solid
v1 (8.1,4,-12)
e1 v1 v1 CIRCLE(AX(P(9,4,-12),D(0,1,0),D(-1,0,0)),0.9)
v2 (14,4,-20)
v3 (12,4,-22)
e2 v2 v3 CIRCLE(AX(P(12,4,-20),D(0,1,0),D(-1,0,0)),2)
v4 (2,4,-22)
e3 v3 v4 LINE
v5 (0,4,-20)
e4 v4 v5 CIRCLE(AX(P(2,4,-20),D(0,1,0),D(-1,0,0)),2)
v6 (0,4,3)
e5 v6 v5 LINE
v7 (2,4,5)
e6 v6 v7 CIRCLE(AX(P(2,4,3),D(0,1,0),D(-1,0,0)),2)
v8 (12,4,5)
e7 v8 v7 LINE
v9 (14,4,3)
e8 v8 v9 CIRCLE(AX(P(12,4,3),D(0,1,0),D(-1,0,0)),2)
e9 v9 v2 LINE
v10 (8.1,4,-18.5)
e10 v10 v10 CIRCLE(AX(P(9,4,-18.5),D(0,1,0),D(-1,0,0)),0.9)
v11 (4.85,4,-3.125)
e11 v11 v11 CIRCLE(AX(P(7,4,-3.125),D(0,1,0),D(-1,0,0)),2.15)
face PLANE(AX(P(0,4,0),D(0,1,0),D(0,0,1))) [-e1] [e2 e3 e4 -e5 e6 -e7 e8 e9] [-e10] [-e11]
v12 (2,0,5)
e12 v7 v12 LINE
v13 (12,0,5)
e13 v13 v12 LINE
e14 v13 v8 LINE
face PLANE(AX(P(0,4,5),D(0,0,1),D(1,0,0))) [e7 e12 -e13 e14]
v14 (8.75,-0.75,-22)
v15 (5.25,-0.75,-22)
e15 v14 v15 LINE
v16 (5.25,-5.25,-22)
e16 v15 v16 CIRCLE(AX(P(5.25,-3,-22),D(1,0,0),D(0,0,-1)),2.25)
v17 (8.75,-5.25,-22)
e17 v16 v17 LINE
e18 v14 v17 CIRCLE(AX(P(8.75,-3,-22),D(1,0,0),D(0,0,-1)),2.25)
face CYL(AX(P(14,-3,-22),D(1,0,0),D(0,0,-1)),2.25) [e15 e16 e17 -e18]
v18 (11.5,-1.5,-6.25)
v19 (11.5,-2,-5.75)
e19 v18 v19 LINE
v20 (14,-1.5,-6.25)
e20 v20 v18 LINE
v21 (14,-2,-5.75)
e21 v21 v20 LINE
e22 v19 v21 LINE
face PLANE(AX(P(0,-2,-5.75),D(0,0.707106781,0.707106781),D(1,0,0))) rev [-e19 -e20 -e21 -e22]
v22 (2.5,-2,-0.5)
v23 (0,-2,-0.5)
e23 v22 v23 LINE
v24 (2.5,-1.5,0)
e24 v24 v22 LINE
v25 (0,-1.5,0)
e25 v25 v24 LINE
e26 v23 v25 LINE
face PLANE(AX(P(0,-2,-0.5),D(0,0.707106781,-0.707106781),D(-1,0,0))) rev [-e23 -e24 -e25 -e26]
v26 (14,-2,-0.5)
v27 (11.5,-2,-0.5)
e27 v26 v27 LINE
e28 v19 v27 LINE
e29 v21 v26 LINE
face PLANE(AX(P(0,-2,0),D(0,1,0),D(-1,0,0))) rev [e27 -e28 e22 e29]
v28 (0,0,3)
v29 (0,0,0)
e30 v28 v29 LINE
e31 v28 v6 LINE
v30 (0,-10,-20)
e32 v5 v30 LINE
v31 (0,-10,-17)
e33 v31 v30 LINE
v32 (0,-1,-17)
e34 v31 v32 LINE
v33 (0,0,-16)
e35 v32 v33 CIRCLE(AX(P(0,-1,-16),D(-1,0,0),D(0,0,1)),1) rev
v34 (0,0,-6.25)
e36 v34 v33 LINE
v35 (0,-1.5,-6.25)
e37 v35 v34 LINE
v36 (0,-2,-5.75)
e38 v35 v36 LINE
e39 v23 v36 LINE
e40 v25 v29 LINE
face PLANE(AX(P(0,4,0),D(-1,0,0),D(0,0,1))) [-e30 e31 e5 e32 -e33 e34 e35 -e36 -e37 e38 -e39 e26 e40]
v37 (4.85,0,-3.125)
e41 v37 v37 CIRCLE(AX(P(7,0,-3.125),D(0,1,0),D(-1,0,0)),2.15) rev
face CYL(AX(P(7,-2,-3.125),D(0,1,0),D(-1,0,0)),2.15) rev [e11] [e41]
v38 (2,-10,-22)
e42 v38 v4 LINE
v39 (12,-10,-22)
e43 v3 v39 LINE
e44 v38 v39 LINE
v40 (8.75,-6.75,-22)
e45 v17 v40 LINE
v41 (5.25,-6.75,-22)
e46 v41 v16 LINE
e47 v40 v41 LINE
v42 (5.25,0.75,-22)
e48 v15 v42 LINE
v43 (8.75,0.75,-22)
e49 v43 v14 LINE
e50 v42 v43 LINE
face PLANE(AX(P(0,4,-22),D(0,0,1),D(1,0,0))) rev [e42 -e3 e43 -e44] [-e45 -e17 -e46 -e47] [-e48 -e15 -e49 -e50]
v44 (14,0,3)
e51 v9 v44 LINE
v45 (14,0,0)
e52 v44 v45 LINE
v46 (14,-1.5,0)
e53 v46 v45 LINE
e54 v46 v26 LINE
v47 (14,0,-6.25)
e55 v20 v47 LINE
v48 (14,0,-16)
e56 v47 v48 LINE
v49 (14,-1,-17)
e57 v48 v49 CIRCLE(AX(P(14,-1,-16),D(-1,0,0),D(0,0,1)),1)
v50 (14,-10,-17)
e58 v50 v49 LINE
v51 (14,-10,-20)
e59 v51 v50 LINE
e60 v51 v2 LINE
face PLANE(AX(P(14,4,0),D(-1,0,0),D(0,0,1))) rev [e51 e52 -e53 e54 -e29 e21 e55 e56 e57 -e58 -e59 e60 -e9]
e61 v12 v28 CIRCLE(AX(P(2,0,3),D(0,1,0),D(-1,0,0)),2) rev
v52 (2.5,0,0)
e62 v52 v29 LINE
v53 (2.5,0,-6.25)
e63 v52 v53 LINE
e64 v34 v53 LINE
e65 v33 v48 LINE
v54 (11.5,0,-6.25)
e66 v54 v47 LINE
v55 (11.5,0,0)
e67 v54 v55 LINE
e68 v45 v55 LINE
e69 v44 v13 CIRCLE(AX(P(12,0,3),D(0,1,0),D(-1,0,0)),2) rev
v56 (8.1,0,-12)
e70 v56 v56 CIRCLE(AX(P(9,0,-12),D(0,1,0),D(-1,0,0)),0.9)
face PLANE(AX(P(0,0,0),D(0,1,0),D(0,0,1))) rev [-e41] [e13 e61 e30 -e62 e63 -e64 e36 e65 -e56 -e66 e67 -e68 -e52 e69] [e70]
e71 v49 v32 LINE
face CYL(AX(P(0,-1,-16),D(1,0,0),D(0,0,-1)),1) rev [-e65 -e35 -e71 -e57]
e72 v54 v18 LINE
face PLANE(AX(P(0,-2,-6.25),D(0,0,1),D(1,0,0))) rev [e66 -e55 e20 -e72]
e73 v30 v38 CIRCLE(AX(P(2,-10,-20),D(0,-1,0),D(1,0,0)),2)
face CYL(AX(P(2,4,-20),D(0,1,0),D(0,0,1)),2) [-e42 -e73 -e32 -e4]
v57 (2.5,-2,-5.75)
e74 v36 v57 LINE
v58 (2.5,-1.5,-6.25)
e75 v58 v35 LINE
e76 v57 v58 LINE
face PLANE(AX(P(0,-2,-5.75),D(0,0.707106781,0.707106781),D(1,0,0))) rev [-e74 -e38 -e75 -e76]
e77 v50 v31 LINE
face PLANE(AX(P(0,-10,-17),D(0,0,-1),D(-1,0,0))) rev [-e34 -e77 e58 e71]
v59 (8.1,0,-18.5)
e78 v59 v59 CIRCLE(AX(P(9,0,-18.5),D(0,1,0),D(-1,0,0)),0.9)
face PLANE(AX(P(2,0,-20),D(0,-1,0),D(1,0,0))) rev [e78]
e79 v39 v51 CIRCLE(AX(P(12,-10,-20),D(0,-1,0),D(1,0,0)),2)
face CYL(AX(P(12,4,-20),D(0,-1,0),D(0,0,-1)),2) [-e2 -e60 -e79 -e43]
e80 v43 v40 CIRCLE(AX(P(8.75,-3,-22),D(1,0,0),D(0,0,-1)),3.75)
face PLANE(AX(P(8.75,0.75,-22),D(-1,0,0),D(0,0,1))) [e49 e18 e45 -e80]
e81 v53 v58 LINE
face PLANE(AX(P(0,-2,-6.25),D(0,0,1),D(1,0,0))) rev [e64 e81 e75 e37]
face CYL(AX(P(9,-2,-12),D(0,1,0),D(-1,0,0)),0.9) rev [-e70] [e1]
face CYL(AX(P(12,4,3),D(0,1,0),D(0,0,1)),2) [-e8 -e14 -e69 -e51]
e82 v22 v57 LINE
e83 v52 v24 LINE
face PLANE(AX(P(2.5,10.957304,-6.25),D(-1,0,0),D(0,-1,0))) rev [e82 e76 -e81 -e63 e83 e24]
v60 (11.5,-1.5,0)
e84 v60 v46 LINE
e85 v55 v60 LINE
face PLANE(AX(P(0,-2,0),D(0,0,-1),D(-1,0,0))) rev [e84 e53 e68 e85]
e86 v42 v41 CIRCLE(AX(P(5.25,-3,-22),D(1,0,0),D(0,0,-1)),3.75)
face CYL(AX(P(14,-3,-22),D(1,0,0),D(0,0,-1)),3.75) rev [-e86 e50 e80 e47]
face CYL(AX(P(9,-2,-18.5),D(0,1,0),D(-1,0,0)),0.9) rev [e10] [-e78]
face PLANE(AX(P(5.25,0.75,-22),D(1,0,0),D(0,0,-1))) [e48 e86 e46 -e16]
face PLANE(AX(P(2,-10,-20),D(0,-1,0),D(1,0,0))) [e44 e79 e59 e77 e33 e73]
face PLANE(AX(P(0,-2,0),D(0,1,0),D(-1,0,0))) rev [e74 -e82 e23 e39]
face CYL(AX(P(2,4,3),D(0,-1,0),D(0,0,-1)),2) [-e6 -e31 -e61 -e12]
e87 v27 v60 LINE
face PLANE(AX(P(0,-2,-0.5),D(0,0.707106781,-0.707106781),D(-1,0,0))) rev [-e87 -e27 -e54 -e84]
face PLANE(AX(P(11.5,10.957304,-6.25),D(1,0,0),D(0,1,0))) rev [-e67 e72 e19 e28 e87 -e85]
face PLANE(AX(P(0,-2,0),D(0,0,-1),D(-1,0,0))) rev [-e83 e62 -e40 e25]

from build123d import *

# Parameters (mm, degrees)
SKETCH2_W           = 14
SKETCH2_H           = 22
SKETCH2_H_2         = 5
BOSS_EXTRUDE1_DEPTH = 4
SKETCH4_W           = 14
SKETCH4_H           = 6.25
BOSS_EXTRUDE2_DEPTH = 2
SKETCH3_R           = 0.9
SKETCH3_R_2         = 2.15
CUT_EXTRUDE1_DEPTH  = 27.758176321
CHAMFER1_SIZE       = 0.5
FILLET1_R           = 2
CUT_EXTRUDE2_REACH  = 28.758
SKETCH5_W           = 9
SKETCH5_H           = 6.25
BOSS_EXTRUDE3_DEPTH = 10
SKETCH7_W           = 3.5
SKETCH7_H           = 1.5
FILLET2_R           = 1


with BuildPart() as part:
    # Sketch2 → Boss-Extrude1 (new body)
    with BuildSketch(Plane(origin=(0, 0, 0), x_dir=(1, 0, 0), z_dir=(0, 1, 0))):
        with Locations((7, 11)):
            Rectangle(SKETCH2_W, SKETCH2_H)
        with Locations((7, -2.5)):
            Rectangle(SKETCH2_W, SKETCH2_H_2)
    extrude(amount=BOSS_EXTRUDE1_DEPTH)

    # Sketch4 → Boss-Extrude2 (add)
    with BuildSketch(Plane(origin=(0, 0, 0), x_dir=(-1, 0, 0), z_dir=(0, -1, 0))):
        with Locations((-7, 3.125)):
            Rectangle(SKETCH4_W, SKETCH4_H)
    extrude(amount=BOSS_EXTRUDE2_DEPTH)

    # Sketch3 → Cut-Extrude1 (cut, through all)
    with BuildSketch(Plane(origin=(0, 4, 0), x_dir=(1, 0, 0), z_dir=(0, 1, 0))):
        with Locations(Location((9, 18.5, 0), (0, 0, 180))):
            Circle(SKETCH3_R)
        with Locations(Location((9, 12, 0), (0, 0, 180))):
            Circle(SKETCH3_R)
        with Locations(Location((7, 3.125, 0), (0, 0, 180))):
            Circle(SKETCH3_R_2)
    extrude(amount=-CUT_EXTRUDE1_DEPTH, mode=Mode.SUBTRACT)

    # Chamfer1
    chamfer1_edges = [part.edges().sort_by_distance(p)[0] for p in [
        (7, -2, -6.25),
        (7, -2, 0),
    ]]
    chamfer(chamfer1_edges, length=CHAMFER1_SIZE)

    # Fillet1
    fillet1_edges = [part.edges().sort_by_distance(p)[0] for p in [
        (0, 2, -22),
        (14, 2, -22),
        (14, 2, 5),
        (0, 2, 5),
    ]]
    fillet(fillet1_edges, radius=FILLET1_R)

    # Cut-Extrude2: up to this face of the body (flat: up to its plane)
    cut_extrude2_end = Plane(part.part.faces().sort_by_distance((6.952367547, 0, -14.038528118))[0])
    # Sketch5 → Cut-Extrude2 (cut, up to the picked face)
    with BuildSketch(Plane.XZ.offset(2), mode=Mode.PRIVATE) as cut_extrude2_sk1:
        with Locations((7, -3.125)):
            Rectangle(SKETCH5_W, SKETCH5_H)
    cut_extrude2_tool1 = split(extrude(cut_extrude2_sk1.sketch, amount=-CUT_EXTRUDE2_REACH, mode=Mode.PRIVATE), bisect_by=cut_extrude2_end, keep=Keep.BOTH, mode=Mode.PRIVATE)
    add(cut_extrude2_tool1.solids().sort_by(Axis((7, -2, -3.125), (0, 1, 0)))[0], mode=Mode.SUBTRACT)

    # Sketch6 → Boss-Extrude3 (add)
    with BuildSketch(Plane.XZ):
        with BuildLine():
            Line((0, -17), (0, -20))
            ThreePointArc((0, -20), (0.585786438, -21.414213562), (2, -22))
            Line((2, -22), (12, -22))
            ThreePointArc((12, -22), (13.414213562, -21.414213562), (14, -20))
            Line((14, -20), (14, -17))
            Line((14, -17), (0, -17))
        make_face()
    extrude(amount=BOSS_EXTRUDE3_DEPTH)

    # Sketch7 → Cut-Revolve1 (revolve, cut)
    with BuildSketch(Plane(origin=(0, 0, -22), x_dir=(-1, 0, 0), z_dir=(0, 0, -1))):
        with Locations((-7, 0)):
            Rectangle(SKETCH7_W, SKETCH7_H)
    revolve(axis=Axis((14, -3, -22), (-1, 0, 0)), mode=Mode.SUBTRACT)

    # Fillet2
    fillet2_edges = [part.edges().sort_by_distance(p)[0] for p in [
        (7, 0, -17),
    ]]
    fillet(fillet2_edges, radius=FILLET2_R)


solid = part.part
